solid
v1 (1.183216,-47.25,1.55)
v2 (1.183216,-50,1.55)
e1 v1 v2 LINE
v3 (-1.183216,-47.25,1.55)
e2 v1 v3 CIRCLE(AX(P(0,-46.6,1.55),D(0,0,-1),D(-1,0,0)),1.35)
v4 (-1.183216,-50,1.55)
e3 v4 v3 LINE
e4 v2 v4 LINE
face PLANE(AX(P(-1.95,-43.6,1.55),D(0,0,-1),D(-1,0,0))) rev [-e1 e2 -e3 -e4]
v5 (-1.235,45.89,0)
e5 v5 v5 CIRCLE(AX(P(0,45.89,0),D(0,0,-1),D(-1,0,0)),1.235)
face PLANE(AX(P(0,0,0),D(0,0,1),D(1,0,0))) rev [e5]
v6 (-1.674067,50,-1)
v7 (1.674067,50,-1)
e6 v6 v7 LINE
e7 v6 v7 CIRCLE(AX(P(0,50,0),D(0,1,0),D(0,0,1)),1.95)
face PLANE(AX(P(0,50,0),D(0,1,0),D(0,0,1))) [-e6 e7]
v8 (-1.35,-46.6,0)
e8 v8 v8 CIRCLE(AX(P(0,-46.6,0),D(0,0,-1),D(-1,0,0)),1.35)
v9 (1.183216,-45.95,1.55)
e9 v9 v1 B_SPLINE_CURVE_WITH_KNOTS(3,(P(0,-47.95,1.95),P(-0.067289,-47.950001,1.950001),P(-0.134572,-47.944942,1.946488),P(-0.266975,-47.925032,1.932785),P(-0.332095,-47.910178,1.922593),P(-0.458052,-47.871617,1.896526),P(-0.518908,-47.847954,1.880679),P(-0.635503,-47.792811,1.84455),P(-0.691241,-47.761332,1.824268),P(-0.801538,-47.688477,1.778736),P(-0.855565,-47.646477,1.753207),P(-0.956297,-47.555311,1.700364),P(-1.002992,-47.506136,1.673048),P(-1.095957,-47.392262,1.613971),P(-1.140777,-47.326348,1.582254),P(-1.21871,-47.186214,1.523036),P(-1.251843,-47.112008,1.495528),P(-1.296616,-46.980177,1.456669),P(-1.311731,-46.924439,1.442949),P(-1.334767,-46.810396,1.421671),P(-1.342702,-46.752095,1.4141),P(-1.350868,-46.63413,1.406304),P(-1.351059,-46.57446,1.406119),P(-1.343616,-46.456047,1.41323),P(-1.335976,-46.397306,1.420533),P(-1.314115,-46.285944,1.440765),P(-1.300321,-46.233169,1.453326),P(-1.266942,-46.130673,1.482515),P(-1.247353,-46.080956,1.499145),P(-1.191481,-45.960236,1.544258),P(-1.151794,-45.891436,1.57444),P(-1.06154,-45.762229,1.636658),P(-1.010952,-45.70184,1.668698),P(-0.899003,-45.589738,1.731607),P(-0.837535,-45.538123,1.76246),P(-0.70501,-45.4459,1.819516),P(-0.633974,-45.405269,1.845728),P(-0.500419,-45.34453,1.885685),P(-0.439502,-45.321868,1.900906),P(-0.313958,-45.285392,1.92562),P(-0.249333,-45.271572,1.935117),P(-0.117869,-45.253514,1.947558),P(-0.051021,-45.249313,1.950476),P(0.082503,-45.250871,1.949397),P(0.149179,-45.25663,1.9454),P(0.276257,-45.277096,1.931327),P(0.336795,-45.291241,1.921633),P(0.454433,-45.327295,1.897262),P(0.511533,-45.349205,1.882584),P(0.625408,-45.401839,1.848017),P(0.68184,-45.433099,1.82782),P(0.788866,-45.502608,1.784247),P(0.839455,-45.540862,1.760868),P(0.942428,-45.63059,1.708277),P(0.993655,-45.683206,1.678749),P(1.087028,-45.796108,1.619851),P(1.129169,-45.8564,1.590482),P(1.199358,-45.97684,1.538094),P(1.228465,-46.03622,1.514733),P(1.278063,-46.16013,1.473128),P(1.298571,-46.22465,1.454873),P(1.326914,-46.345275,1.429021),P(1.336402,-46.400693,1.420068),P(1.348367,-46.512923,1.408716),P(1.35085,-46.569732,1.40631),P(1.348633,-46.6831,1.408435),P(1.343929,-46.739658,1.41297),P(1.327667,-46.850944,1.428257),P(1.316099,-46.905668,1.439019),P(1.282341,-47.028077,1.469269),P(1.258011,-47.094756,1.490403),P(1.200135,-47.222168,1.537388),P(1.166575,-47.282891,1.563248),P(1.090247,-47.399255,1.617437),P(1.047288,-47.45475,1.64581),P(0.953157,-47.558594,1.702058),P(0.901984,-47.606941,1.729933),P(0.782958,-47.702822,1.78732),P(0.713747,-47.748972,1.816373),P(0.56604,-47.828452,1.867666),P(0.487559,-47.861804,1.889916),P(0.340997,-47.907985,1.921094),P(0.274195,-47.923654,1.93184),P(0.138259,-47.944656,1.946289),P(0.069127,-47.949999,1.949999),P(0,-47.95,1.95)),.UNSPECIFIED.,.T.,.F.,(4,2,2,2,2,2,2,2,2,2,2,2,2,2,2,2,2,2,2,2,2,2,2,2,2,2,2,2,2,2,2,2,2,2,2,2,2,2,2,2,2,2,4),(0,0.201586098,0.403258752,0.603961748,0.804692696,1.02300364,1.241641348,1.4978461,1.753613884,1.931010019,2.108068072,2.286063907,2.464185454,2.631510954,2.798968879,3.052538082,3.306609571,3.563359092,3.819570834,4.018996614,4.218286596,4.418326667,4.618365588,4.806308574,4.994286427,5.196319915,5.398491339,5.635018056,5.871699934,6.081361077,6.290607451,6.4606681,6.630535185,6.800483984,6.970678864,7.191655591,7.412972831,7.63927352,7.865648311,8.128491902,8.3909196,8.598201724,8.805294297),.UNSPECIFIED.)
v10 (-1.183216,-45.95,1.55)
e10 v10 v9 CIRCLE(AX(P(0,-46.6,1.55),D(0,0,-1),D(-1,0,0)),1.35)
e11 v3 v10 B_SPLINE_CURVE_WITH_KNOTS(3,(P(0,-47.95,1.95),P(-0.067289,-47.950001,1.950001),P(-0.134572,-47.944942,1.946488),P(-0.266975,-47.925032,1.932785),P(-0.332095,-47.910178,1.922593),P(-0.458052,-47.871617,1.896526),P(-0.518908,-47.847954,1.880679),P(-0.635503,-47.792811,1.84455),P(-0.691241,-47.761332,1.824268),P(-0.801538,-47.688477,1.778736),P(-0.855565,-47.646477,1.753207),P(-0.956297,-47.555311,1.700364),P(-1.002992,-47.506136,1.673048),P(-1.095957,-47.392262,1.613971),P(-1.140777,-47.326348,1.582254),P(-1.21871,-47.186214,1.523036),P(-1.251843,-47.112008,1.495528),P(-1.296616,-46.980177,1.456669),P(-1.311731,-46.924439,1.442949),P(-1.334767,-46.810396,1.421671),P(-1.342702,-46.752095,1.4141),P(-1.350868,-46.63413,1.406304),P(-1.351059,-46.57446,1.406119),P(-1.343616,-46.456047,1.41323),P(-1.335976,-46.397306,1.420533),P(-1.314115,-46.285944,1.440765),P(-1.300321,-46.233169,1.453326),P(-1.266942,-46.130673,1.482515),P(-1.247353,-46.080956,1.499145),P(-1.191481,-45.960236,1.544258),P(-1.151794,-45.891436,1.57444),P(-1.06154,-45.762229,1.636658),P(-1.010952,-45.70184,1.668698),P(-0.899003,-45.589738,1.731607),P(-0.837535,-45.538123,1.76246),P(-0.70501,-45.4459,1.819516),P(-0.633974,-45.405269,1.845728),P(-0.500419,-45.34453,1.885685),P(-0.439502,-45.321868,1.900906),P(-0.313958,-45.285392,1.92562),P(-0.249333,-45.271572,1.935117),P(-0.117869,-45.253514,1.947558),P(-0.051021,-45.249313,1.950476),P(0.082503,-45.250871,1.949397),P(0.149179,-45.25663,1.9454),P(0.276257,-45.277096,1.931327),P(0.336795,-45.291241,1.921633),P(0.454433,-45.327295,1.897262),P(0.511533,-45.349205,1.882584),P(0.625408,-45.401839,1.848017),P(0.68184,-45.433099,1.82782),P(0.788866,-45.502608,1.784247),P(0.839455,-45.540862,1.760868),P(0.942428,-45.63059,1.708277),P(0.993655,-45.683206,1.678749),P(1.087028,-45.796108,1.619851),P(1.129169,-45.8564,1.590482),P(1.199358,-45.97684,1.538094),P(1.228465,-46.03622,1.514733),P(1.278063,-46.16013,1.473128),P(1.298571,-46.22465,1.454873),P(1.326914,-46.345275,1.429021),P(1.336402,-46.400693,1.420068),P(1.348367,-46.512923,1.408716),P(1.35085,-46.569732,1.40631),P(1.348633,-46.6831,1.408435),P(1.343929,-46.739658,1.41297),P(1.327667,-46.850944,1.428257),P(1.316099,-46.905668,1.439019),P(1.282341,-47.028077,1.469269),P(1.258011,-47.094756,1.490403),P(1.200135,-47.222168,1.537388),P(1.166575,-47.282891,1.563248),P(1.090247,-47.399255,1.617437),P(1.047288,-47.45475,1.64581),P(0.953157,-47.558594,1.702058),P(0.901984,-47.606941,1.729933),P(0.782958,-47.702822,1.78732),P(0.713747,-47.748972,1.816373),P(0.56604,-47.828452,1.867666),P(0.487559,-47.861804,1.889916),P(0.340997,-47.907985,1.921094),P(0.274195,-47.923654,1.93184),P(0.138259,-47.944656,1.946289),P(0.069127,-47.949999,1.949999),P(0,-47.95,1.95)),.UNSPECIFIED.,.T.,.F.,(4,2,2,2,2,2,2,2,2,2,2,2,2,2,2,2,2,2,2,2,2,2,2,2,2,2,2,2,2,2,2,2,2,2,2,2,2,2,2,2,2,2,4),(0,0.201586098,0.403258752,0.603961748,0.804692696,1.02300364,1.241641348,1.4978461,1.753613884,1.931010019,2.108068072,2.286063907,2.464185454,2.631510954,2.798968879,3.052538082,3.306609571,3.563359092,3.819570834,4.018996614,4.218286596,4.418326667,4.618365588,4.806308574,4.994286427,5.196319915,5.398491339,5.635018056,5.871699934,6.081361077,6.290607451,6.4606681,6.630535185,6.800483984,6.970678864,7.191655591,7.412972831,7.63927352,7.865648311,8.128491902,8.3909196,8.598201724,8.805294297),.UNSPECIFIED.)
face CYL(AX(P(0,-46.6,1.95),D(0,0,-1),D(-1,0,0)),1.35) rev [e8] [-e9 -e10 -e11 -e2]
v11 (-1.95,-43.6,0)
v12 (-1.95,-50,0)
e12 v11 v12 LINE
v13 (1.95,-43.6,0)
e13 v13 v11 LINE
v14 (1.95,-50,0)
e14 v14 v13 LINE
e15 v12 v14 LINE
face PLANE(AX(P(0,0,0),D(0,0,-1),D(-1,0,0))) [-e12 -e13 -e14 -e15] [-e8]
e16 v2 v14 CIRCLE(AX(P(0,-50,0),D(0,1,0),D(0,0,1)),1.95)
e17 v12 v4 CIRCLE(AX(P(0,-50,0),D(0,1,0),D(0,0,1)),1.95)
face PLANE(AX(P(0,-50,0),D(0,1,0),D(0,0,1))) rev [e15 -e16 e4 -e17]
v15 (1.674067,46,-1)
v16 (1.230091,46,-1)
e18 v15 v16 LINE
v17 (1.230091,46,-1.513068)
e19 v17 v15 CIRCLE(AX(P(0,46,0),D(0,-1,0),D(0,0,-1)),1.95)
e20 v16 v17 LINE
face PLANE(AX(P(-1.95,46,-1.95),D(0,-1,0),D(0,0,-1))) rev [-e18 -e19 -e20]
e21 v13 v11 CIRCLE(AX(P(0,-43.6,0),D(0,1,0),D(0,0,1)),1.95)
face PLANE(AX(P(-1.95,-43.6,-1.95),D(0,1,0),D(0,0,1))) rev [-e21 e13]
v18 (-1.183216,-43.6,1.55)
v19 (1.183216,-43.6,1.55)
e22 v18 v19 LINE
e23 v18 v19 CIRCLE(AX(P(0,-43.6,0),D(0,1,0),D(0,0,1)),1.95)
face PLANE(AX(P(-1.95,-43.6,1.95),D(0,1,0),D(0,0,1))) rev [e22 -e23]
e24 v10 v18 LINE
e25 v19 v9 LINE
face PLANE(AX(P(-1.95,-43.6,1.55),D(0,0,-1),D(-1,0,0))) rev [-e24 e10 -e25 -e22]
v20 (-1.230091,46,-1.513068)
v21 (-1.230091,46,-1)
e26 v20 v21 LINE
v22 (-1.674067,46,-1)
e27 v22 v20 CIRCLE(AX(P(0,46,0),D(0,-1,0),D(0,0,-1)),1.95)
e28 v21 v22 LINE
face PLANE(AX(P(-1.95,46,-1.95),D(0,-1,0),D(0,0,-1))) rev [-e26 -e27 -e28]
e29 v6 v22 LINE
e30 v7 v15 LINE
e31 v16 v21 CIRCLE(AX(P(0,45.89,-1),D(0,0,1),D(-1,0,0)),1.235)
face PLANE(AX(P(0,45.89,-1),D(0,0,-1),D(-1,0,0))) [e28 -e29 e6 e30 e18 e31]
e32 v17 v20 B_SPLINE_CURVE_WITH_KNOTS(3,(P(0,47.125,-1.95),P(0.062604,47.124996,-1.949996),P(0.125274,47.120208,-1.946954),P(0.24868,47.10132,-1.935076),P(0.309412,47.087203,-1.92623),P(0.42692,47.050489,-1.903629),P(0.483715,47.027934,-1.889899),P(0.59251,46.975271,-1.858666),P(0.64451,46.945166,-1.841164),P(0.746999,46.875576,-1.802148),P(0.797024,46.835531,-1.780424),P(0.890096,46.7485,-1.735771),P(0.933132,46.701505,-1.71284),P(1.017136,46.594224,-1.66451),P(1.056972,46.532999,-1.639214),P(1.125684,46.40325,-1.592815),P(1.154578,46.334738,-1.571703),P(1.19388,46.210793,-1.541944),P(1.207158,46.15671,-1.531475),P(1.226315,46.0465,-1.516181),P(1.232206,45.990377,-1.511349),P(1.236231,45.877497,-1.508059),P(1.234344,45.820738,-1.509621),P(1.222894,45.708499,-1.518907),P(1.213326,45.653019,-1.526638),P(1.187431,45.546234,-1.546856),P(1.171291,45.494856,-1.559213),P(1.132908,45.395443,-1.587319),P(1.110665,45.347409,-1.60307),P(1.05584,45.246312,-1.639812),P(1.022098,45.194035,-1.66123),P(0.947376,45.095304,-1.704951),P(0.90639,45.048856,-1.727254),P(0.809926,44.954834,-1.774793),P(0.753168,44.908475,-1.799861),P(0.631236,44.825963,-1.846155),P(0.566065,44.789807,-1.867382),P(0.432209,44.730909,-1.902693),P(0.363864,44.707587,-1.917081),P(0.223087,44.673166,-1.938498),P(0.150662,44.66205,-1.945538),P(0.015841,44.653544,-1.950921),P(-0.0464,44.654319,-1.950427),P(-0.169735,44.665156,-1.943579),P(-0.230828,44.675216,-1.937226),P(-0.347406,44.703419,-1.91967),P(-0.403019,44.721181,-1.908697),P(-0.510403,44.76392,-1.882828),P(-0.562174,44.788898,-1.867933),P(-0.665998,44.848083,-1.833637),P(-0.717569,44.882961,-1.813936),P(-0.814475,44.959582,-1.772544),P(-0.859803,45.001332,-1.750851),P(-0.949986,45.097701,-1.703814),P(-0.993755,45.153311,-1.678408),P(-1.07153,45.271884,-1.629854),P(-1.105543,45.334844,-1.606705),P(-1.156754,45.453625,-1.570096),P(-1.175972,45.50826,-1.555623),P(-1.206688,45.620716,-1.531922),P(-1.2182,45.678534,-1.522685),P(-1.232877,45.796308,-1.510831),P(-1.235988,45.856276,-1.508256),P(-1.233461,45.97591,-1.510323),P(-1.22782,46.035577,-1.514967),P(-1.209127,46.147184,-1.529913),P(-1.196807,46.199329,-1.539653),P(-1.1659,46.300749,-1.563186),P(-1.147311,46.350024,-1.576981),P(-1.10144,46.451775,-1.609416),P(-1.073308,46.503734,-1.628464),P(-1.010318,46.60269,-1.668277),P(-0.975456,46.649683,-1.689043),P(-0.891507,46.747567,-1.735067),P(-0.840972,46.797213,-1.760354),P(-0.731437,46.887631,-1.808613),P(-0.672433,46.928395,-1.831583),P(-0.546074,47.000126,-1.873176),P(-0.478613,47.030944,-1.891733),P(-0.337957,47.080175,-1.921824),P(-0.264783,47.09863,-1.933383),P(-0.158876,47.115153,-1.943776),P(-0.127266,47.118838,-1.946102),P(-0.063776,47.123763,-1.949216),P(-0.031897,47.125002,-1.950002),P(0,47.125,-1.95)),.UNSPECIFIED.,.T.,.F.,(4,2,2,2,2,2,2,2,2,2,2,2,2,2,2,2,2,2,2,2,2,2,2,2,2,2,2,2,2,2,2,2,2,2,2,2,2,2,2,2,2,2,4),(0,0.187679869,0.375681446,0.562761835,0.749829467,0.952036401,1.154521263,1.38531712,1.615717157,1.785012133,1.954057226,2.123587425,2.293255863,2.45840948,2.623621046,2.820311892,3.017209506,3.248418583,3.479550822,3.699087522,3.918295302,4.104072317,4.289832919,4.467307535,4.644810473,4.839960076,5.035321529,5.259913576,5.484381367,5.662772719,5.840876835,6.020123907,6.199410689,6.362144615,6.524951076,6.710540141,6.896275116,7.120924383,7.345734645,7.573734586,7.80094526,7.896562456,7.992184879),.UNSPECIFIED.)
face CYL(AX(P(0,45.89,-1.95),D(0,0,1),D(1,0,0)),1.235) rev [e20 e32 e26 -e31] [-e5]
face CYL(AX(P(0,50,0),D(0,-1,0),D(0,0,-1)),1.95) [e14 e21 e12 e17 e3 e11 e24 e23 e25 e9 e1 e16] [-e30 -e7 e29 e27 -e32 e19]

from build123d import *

# Parameters (mm, degrees)
SKETCH1_R               = 1.95
BOSS_EXTRUDE1_DEPTH     = 50
SKETCH2_W               = 3.9
SKETCH2_H               = 6.4
SKETCH2_H_2             = 4
CUT_EXTRUDE1_DEPTH      = 51.075992252
CUT_EXTRUDE2_DEPTH      = 51.075992252
CUT_EXTRUDE2_DEPTH_BACK = 51.075992252
SKETCH3_W               = 0.4
SKETCH3_H               = 6.4
CUT_EXTRUDE3_DEPTH      = 51.075992252
CUT_EXTRUDE3_DEPTH_BACK = 51.075992252
SKETCH4_R               = 1.35
SKETCH5_R               = 1.235
CUT_EXTRUDE4_DEPTH      = 51.075992359
BOSS_EXTRUDE2_DEPTH     = 1
CUT_EXTRUDE5_DEPTH      = 97.039601311


with BuildPart() as part:
    # Sketch1 → Boss-Extrude1 (new, symmetric)
    with BuildSketch(Plane(origin=(0, 0, 0), x_dir=(1, 0, 0), z_dir=(0, 1, 0))):
        with Locations(Location((0, 0, 0), (0, 0, 270))):
            Circle(SKETCH1_R)
    extrude(amount=BOSS_EXTRUDE1_DEPTH, both=True)

    # Sketch2 → Cut-Extrude1 (cut, through all)
    with BuildSketch(Plane.XY):
        with Locations((0, -46.8)):
            Rectangle(SKETCH2_W, SKETCH2_H)
        with Locations((0, 48)):
            Rectangle(SKETCH2_W, SKETCH2_H_2)
    extrude(amount=-CUT_EXTRUDE1_DEPTH, mode=Mode.SUBTRACT)

    # Sketch3 → Cut-Extrude2 (cut, two sides: drawn at the far end of the back side and taken through both)
    with BuildSketch(Plane(origin=(0, 0, 0), x_dir=(0, 0, -1), z_dir=(1, 0, 0)).offset(-CUT_EXTRUDE2_DEPTH_BACK)):
        with Locations((-1.75, -46.8)):
            Rectangle(SKETCH3_W, SKETCH3_H)
    extrude(amount=CUT_EXTRUDE2_DEPTH + CUT_EXTRUDE2_DEPTH_BACK, mode=Mode.SUBTRACT)

    # Sketch4 → Cut-Extrude3 (cut, two sides: drawn at the far end of the back side and taken through both)
    with BuildSketch(Plane(origin=(0, 0, 0), x_dir=(-1, 0, 0), z_dir=(0, 0, -1)).offset(-CUT_EXTRUDE3_DEPTH_BACK)):
        with Locations((0, -46.6)):
            Circle(SKETCH4_R)
    extrude(amount=CUT_EXTRUDE3_DEPTH + CUT_EXTRUDE3_DEPTH_BACK, mode=Mode.SUBTRACT)

    # Sketch5 → Cut-Extrude4 (cut, through all)
    with BuildSketch(Plane(origin=(0, 0, 0), x_dir=(-1, 0, 0), z_dir=(0, 0, -1))):
        with Locations((0, 45.89)):
            Circle(SKETCH5_R)
    extrude(amount=CUT_EXTRUDE4_DEPTH, mode=Mode.SUBTRACT)

    # Sketch6 → Boss-Extrude2 (add)
    with BuildSketch(Plane(origin=(0, 0, 0), x_dir=(-1, 0, 0), z_dir=(0, 0, -1))):
        with BuildLine():
            Line((-1.95, 46), (-1.23009146, 46))
            ThreePointArc((-1.23009146, 46), (0, 47.125), (1.23009146, 46))
            Line((1.23009146, 46), (1.95, 46))
            Line((1.95, 46), (1.95, 50))
            Line((1.95, 50), (-1.95, 50))
            Line((-1.95, 50), (-1.95, 46))
        make_face()
    extrude(amount=BOSS_EXTRUDE2_DEPTH)

    # Sketch7 → Cut-Extrude5 (cut, through all)
    with BuildSketch(Plane.XZ.offset(-46)):
        with BuildLine():
            Line((1.95, -1), (1.95, 0))
            ThreePointArc((1.95, 0), (1.879751375, -0.518685616), (1.674066904, -1))
            Line((1.674066904, -1), (1.95, -1))
        make_face()
        with BuildLine():
            Line((-1.95, -1), (-1.674066904, -1))
            ThreePointArc((-1.674066904, -1), (-1.879751375, -0.518685616), (-1.95, 0))
            Line((-1.95, 0), (-1.95, -1))
        make_face()
    extrude(amount=-CUT_EXTRUDE5_DEPTH, mode=Mode.SUBTRACT)


solid = part.part
